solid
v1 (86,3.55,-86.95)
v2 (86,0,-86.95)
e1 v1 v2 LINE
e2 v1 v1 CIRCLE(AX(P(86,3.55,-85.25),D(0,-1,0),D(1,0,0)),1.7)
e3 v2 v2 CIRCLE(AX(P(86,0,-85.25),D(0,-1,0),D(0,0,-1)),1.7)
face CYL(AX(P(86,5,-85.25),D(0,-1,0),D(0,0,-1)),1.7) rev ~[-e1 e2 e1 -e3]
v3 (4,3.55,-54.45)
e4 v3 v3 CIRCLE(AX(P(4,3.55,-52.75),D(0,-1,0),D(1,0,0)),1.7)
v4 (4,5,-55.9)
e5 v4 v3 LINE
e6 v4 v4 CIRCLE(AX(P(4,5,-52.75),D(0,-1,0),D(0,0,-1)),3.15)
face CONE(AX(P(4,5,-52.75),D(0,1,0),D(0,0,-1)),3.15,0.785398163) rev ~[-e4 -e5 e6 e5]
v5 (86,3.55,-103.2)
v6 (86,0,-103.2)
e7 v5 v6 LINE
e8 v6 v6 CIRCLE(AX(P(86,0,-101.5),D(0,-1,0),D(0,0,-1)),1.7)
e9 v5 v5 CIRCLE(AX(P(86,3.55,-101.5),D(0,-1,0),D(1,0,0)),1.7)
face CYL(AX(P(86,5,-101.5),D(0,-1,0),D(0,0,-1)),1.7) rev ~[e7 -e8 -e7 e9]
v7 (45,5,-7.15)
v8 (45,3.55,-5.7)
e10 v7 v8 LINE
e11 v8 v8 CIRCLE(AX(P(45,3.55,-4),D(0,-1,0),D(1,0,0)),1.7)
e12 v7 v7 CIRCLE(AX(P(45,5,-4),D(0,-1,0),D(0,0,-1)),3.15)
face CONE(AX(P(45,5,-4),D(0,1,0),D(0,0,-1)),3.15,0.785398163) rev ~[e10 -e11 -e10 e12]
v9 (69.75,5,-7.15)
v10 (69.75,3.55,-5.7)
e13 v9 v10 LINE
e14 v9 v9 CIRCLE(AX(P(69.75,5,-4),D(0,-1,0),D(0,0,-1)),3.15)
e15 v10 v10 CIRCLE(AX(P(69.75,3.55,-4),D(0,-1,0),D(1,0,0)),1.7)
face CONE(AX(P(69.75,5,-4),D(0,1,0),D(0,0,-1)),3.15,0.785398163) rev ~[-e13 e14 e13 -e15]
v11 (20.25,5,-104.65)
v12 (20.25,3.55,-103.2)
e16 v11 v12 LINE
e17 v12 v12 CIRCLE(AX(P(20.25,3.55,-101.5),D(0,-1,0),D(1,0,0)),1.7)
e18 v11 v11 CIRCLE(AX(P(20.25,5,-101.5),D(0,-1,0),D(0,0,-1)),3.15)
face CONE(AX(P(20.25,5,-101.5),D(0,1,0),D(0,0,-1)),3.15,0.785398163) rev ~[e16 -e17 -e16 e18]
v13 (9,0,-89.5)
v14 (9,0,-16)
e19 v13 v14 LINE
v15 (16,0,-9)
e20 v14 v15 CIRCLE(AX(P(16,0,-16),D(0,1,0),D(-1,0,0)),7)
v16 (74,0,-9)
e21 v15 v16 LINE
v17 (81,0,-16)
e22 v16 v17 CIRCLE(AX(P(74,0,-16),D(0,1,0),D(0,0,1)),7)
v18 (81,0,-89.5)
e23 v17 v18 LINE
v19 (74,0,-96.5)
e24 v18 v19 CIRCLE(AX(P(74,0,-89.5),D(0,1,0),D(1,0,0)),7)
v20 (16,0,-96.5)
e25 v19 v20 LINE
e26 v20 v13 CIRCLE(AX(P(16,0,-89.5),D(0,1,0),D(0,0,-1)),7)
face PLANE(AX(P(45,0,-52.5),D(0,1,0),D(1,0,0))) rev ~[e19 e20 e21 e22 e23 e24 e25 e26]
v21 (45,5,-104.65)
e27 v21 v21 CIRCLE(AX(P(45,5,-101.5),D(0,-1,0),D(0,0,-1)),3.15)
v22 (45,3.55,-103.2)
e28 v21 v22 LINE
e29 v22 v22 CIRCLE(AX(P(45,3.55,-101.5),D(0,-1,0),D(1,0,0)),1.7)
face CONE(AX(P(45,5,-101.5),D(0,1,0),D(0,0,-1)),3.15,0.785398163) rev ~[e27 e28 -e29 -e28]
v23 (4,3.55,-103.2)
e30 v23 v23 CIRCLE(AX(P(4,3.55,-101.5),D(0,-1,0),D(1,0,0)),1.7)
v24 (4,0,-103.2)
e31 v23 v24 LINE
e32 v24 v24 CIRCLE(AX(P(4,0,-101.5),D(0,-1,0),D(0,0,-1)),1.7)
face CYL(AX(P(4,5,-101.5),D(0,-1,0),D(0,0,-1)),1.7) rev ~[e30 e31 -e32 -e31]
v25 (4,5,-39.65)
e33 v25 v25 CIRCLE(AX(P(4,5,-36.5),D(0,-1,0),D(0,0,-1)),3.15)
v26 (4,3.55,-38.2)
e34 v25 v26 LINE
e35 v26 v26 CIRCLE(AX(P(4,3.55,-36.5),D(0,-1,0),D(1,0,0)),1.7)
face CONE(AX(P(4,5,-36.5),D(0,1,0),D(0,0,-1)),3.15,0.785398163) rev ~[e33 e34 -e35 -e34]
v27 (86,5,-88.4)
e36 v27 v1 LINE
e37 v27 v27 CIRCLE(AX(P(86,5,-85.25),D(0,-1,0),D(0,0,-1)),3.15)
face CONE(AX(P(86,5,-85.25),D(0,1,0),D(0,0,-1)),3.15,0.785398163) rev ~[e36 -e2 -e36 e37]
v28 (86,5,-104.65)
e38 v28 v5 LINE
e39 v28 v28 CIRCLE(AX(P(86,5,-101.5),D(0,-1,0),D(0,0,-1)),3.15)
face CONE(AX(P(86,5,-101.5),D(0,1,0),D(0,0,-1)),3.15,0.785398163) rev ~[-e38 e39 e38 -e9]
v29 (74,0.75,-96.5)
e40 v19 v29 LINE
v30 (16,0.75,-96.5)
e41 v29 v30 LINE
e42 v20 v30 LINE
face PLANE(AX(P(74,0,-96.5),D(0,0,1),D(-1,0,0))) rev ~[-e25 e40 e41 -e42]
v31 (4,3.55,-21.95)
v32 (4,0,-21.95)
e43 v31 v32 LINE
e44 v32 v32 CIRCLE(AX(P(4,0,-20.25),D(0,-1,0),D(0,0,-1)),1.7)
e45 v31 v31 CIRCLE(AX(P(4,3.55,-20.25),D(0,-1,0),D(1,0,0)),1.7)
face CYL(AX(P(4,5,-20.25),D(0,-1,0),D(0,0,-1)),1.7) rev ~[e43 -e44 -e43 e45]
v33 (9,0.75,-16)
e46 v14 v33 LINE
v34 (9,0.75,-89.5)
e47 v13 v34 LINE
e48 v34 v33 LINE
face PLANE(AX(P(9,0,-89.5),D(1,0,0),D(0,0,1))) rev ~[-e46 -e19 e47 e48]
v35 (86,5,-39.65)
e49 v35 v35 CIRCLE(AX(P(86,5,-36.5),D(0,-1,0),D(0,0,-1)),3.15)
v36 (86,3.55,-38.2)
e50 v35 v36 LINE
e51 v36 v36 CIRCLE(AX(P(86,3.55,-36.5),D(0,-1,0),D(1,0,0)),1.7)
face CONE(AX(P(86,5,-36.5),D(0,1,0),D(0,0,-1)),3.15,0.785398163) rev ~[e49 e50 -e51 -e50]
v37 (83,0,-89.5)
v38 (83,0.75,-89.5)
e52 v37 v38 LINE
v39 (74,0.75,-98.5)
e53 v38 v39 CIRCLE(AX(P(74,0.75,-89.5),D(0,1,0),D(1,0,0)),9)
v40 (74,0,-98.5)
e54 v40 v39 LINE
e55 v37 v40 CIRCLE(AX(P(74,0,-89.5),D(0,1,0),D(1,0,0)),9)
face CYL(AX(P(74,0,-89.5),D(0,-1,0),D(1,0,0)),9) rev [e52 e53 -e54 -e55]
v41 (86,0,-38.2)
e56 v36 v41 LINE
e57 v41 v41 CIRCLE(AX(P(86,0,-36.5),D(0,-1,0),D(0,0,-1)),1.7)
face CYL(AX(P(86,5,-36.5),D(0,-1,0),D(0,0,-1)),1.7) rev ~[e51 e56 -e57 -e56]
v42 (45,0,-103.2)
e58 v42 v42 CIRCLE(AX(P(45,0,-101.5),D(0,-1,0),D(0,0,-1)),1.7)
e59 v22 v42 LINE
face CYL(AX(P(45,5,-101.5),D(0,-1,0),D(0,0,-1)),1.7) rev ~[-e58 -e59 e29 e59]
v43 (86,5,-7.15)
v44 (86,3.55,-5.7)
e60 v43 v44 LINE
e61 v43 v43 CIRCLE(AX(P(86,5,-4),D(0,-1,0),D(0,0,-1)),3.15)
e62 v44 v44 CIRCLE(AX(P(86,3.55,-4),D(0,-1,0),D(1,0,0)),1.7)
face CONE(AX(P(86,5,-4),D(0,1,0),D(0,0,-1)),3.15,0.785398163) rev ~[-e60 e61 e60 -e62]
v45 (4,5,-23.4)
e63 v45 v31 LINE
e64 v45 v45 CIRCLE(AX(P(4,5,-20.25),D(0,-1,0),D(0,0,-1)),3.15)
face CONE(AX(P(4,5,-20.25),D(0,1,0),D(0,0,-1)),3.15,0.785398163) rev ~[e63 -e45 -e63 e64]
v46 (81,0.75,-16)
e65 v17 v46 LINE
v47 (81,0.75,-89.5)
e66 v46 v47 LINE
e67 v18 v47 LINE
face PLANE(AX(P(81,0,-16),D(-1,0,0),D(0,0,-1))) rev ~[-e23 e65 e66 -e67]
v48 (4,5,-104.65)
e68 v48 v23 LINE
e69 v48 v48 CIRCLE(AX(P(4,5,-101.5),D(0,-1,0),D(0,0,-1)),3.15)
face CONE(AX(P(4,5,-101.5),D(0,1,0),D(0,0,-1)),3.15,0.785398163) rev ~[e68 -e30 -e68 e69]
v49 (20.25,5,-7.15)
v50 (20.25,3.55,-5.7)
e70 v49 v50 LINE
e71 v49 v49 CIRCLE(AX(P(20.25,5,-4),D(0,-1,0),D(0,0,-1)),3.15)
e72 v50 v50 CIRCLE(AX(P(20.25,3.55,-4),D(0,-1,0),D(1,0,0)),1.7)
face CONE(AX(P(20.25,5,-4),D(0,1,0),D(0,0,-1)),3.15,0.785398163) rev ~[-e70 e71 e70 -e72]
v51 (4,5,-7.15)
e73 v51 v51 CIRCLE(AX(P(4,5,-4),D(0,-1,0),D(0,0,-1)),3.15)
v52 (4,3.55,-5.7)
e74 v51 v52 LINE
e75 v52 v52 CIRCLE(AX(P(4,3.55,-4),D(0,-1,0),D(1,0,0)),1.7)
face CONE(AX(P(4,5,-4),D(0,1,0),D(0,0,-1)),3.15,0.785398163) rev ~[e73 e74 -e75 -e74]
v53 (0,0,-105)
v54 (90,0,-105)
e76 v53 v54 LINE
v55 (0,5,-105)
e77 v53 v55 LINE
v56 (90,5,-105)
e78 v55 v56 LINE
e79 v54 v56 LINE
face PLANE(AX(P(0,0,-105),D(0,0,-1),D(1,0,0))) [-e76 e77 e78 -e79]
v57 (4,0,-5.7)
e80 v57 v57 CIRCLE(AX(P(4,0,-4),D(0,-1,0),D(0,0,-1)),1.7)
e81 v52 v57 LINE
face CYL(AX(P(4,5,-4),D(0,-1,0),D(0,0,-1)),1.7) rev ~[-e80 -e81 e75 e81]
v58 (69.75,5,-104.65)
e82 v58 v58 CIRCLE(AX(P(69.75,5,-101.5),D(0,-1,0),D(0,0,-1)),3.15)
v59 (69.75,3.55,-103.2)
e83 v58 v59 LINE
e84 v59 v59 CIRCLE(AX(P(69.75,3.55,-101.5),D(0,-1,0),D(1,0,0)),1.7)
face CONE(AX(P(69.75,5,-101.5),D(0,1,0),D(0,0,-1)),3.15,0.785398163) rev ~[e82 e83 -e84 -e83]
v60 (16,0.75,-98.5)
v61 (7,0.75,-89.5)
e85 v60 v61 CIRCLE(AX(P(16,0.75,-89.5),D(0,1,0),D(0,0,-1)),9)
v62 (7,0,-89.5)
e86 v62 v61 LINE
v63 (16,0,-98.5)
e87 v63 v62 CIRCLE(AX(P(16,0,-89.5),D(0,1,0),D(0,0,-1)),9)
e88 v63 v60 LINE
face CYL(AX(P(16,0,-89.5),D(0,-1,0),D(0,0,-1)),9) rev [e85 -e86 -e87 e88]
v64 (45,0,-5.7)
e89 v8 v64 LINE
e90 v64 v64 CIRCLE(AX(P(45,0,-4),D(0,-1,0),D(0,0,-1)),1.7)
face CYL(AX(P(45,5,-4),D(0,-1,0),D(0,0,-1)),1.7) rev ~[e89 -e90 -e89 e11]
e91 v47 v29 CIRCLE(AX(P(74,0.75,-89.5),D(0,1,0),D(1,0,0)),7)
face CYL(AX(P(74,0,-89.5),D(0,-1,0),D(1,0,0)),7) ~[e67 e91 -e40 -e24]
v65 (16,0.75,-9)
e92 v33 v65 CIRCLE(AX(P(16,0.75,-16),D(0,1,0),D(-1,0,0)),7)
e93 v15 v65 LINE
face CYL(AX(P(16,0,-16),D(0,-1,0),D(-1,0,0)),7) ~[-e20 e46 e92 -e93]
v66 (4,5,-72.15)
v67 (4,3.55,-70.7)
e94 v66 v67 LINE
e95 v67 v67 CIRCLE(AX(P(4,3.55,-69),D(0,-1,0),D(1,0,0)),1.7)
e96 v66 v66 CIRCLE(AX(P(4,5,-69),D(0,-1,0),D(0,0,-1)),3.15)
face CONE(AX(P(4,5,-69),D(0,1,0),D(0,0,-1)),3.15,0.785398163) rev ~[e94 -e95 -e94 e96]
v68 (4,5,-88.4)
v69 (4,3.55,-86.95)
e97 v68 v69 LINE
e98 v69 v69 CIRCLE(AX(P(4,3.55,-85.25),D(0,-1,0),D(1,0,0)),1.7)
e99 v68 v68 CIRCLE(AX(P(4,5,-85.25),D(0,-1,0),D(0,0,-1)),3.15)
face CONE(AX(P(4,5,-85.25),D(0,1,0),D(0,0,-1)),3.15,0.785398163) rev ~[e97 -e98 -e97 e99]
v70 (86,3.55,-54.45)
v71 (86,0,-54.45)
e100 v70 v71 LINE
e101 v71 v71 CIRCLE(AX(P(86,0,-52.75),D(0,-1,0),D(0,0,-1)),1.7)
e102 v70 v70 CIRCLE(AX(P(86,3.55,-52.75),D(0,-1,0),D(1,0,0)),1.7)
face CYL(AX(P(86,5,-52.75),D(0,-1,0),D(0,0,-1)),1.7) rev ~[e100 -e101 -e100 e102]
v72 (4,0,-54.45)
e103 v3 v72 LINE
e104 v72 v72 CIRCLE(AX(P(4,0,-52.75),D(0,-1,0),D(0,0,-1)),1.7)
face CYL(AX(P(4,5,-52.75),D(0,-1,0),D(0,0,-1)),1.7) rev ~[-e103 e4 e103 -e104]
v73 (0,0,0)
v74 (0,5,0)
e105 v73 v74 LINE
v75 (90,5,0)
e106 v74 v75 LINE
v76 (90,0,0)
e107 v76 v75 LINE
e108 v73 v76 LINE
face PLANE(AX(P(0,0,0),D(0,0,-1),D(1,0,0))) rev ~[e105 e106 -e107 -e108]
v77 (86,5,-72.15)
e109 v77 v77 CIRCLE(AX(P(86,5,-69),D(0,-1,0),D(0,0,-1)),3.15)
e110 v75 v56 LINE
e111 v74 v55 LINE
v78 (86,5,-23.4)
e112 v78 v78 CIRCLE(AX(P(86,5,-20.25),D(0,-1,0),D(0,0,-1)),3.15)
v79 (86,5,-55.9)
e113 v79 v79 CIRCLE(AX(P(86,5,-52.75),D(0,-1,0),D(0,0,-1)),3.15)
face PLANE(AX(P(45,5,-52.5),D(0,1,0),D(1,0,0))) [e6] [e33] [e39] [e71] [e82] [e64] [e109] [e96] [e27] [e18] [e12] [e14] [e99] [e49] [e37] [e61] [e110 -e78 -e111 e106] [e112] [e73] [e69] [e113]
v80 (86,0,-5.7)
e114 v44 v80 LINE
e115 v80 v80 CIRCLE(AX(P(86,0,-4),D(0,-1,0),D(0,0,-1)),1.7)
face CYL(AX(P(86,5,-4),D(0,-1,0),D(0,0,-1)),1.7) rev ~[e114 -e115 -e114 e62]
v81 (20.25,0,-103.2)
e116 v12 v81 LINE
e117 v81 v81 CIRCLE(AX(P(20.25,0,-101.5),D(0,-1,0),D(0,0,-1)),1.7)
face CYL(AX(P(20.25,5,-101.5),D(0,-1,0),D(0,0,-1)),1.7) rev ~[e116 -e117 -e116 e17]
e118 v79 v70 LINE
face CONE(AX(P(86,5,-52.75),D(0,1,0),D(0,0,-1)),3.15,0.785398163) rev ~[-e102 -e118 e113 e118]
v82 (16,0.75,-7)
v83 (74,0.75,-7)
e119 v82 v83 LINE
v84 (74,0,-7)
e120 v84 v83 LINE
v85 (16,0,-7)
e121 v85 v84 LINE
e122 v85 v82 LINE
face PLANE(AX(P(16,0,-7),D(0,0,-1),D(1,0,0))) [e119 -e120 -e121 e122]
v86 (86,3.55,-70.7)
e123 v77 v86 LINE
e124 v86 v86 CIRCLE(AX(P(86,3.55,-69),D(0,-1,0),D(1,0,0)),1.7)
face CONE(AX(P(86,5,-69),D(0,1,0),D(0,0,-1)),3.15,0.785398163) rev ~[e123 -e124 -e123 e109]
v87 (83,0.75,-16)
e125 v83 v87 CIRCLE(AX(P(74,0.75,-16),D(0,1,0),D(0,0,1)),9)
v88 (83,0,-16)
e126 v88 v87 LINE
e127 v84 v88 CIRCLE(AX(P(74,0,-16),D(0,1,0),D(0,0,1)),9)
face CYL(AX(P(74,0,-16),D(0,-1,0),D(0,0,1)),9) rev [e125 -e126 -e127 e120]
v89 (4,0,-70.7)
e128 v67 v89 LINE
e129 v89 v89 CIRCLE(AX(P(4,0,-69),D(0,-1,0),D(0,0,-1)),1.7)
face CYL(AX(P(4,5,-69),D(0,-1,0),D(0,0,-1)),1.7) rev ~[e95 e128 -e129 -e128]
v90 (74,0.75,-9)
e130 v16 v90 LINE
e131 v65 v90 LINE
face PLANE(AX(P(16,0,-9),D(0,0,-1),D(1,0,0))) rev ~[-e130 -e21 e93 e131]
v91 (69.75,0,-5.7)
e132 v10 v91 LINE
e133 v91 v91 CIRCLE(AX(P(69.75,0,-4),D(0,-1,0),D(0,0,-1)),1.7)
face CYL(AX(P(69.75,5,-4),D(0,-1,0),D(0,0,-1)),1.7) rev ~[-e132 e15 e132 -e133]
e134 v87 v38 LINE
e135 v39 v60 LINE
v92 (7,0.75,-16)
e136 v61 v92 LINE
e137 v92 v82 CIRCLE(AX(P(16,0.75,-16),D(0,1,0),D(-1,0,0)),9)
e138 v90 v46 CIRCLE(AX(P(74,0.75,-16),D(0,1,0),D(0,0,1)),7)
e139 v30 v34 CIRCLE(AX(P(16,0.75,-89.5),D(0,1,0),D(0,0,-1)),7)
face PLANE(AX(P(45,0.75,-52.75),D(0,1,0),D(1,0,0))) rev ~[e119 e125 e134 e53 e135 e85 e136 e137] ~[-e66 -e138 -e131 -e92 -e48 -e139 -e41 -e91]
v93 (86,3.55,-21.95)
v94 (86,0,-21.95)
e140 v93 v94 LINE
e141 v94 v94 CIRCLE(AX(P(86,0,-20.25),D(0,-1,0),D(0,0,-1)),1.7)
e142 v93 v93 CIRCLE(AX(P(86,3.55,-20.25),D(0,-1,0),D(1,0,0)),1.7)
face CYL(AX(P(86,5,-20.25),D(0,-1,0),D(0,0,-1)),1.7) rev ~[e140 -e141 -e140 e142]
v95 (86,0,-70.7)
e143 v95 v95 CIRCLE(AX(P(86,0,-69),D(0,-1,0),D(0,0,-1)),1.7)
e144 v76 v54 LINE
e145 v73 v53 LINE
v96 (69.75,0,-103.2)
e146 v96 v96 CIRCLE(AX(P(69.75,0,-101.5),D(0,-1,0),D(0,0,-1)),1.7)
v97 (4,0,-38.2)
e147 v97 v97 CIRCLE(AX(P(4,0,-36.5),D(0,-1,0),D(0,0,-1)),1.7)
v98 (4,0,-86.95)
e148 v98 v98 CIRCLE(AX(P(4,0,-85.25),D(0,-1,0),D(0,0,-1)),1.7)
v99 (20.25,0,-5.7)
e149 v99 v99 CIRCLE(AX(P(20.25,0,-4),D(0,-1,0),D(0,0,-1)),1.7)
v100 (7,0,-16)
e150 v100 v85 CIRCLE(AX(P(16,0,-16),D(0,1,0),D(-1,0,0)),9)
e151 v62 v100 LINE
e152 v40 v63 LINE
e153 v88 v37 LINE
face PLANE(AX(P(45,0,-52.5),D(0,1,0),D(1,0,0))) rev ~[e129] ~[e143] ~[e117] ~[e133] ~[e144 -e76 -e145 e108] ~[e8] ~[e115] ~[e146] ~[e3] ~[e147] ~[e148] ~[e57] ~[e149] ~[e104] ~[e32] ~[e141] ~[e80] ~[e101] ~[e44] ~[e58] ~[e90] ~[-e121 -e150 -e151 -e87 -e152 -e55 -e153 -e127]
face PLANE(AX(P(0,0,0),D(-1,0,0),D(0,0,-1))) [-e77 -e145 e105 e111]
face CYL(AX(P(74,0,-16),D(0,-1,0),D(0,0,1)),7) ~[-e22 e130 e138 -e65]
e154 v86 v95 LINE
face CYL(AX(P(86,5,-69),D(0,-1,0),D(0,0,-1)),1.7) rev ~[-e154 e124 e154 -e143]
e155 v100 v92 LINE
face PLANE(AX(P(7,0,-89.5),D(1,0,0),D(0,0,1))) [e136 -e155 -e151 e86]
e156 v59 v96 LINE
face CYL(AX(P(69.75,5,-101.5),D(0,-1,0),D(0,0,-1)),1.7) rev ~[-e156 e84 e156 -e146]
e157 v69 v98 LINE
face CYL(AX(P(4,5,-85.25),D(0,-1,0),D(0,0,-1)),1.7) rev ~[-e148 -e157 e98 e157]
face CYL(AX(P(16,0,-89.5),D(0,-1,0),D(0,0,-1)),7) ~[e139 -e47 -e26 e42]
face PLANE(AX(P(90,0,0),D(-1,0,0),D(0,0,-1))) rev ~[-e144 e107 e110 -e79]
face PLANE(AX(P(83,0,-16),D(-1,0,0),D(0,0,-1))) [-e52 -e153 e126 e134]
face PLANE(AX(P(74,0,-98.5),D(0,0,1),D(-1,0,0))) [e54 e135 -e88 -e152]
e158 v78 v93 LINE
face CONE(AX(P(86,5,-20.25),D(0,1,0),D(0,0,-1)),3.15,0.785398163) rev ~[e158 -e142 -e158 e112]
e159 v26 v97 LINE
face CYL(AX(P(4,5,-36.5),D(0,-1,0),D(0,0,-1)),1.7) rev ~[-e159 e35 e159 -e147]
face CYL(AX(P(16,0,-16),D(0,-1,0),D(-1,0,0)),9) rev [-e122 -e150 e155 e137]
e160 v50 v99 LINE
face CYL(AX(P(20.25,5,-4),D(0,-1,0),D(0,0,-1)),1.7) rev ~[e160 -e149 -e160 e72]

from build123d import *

# Parameters (mm, degrees)
SKETCH1_W                                           = 90
SKETCH1_H                                           = 105
EXTRUDE1_DEPTH                                      = 5
CSK_FOR_M3_COUNTERSUNK_FLAT_HEAD_SCREW1_D           = 3.4
CSK_FOR_M3_COUNTERSUNK_FLAT_HEAD_SCREW1_CSINK_D     = 6.3
CSK_FOR_M3_COUNTERSUNK_FLAT_HEAD_SCREW1_CSINK_ANGLE = 90
EXTRUDE2_START                                      = -5
EXTRUDE2_DEPTH                                      = 0.75


with BuildPart() as part:
    # Sketch1 → Extrude1 (new body)
    with BuildSketch(Plane(origin=(0, 0, 0), x_dir=(1, 0, 0), z_dir=(0, 1, 0))):
        with Locations((45, 52.5)):
            Rectangle(SKETCH1_W, SKETCH1_H)
    extrude(amount=EXTRUDE1_DEPTH)

    # CSK for M3 Countersunk Flat Head Screw1 (through all)
    with Locations(Plane(origin=(4, 5, -4), x_dir=(0, 0, 1), z_dir=(0, 1, 0))):
        with Locations((0, 0), (-16.25, 0), (-32.5, 0), (-48.75, 0), (-65, 0), (-81.25, 0), (-97.5, 0), (-97.5, 16.25), (-97.5, 41), (-97.5, 65.75), (-97.5, 82), (-81.25, 82), (-65, 82), (-48.75, 82), (-32.5, 82), (-16.25, 82), (0, 82), (0, 65.75), (0, 41), (0, 16.25)):
            CounterSinkHole(CSK_FOR_M3_COUNTERSUNK_FLAT_HEAD_SCREW1_D / 2, CSK_FOR_M3_COUNTERSUNK_FLAT_HEAD_SCREW1_CSINK_D / 2, counter_sink_angle=CSK_FOR_M3_COUNTERSUNK_FLAT_HEAD_SCREW1_CSINK_ANGLE)

    # Sketch2 → Extrude2 (cut)
    with BuildSketch(Plane(origin=(0, 5, 0), x_dir=(1, 0, 0), z_dir=(0, 1, 0)).offset(EXTRUDE2_START)):
        with BuildLine():
            Line((16, 7), (74, 7))
            ThreePointArc((74, 7), (80.363961031, 9.636038969), (83, 16))
            Line((83, 16), (83, 89.5))
            ThreePointArc((83, 89.5), (80.363961031, 95.863961031), (74, 98.5))
            Line((74, 98.5), (16, 98.5))
            ThreePointArc((16, 98.5), (9.636038969, 95.863961031), (7, 89.5))
            Line((7, 89.5), (7, 16))
            ThreePointArc((7, 16), (9.636038969, 9.636038969), (16, 7))
        make_face()
        with BuildLine():
            Line((9, 89.5), (9, 16))
            ThreePointArc((9, 16), (11.050252532, 11.050252532), (16, 9))
            Line((16, 9), (74, 9))
            ThreePointArc((74, 9), (78.949747468, 11.050252532), (81, 16))
            Line((81, 16), (81, 89.5))
            ThreePointArc((81, 89.5), (78.949747468, 94.449747468), (74, 96.5))
            Line((74, 96.5), (16, 96.5))
            ThreePointArc((16, 96.5), (11.050252532, 94.449747468), (9, 89.5))
        make_face(mode=Mode.SUBTRACT)
    extrude(amount=EXTRUDE2_DEPTH, mode=Mode.SUBTRACT)


solid = part.part
